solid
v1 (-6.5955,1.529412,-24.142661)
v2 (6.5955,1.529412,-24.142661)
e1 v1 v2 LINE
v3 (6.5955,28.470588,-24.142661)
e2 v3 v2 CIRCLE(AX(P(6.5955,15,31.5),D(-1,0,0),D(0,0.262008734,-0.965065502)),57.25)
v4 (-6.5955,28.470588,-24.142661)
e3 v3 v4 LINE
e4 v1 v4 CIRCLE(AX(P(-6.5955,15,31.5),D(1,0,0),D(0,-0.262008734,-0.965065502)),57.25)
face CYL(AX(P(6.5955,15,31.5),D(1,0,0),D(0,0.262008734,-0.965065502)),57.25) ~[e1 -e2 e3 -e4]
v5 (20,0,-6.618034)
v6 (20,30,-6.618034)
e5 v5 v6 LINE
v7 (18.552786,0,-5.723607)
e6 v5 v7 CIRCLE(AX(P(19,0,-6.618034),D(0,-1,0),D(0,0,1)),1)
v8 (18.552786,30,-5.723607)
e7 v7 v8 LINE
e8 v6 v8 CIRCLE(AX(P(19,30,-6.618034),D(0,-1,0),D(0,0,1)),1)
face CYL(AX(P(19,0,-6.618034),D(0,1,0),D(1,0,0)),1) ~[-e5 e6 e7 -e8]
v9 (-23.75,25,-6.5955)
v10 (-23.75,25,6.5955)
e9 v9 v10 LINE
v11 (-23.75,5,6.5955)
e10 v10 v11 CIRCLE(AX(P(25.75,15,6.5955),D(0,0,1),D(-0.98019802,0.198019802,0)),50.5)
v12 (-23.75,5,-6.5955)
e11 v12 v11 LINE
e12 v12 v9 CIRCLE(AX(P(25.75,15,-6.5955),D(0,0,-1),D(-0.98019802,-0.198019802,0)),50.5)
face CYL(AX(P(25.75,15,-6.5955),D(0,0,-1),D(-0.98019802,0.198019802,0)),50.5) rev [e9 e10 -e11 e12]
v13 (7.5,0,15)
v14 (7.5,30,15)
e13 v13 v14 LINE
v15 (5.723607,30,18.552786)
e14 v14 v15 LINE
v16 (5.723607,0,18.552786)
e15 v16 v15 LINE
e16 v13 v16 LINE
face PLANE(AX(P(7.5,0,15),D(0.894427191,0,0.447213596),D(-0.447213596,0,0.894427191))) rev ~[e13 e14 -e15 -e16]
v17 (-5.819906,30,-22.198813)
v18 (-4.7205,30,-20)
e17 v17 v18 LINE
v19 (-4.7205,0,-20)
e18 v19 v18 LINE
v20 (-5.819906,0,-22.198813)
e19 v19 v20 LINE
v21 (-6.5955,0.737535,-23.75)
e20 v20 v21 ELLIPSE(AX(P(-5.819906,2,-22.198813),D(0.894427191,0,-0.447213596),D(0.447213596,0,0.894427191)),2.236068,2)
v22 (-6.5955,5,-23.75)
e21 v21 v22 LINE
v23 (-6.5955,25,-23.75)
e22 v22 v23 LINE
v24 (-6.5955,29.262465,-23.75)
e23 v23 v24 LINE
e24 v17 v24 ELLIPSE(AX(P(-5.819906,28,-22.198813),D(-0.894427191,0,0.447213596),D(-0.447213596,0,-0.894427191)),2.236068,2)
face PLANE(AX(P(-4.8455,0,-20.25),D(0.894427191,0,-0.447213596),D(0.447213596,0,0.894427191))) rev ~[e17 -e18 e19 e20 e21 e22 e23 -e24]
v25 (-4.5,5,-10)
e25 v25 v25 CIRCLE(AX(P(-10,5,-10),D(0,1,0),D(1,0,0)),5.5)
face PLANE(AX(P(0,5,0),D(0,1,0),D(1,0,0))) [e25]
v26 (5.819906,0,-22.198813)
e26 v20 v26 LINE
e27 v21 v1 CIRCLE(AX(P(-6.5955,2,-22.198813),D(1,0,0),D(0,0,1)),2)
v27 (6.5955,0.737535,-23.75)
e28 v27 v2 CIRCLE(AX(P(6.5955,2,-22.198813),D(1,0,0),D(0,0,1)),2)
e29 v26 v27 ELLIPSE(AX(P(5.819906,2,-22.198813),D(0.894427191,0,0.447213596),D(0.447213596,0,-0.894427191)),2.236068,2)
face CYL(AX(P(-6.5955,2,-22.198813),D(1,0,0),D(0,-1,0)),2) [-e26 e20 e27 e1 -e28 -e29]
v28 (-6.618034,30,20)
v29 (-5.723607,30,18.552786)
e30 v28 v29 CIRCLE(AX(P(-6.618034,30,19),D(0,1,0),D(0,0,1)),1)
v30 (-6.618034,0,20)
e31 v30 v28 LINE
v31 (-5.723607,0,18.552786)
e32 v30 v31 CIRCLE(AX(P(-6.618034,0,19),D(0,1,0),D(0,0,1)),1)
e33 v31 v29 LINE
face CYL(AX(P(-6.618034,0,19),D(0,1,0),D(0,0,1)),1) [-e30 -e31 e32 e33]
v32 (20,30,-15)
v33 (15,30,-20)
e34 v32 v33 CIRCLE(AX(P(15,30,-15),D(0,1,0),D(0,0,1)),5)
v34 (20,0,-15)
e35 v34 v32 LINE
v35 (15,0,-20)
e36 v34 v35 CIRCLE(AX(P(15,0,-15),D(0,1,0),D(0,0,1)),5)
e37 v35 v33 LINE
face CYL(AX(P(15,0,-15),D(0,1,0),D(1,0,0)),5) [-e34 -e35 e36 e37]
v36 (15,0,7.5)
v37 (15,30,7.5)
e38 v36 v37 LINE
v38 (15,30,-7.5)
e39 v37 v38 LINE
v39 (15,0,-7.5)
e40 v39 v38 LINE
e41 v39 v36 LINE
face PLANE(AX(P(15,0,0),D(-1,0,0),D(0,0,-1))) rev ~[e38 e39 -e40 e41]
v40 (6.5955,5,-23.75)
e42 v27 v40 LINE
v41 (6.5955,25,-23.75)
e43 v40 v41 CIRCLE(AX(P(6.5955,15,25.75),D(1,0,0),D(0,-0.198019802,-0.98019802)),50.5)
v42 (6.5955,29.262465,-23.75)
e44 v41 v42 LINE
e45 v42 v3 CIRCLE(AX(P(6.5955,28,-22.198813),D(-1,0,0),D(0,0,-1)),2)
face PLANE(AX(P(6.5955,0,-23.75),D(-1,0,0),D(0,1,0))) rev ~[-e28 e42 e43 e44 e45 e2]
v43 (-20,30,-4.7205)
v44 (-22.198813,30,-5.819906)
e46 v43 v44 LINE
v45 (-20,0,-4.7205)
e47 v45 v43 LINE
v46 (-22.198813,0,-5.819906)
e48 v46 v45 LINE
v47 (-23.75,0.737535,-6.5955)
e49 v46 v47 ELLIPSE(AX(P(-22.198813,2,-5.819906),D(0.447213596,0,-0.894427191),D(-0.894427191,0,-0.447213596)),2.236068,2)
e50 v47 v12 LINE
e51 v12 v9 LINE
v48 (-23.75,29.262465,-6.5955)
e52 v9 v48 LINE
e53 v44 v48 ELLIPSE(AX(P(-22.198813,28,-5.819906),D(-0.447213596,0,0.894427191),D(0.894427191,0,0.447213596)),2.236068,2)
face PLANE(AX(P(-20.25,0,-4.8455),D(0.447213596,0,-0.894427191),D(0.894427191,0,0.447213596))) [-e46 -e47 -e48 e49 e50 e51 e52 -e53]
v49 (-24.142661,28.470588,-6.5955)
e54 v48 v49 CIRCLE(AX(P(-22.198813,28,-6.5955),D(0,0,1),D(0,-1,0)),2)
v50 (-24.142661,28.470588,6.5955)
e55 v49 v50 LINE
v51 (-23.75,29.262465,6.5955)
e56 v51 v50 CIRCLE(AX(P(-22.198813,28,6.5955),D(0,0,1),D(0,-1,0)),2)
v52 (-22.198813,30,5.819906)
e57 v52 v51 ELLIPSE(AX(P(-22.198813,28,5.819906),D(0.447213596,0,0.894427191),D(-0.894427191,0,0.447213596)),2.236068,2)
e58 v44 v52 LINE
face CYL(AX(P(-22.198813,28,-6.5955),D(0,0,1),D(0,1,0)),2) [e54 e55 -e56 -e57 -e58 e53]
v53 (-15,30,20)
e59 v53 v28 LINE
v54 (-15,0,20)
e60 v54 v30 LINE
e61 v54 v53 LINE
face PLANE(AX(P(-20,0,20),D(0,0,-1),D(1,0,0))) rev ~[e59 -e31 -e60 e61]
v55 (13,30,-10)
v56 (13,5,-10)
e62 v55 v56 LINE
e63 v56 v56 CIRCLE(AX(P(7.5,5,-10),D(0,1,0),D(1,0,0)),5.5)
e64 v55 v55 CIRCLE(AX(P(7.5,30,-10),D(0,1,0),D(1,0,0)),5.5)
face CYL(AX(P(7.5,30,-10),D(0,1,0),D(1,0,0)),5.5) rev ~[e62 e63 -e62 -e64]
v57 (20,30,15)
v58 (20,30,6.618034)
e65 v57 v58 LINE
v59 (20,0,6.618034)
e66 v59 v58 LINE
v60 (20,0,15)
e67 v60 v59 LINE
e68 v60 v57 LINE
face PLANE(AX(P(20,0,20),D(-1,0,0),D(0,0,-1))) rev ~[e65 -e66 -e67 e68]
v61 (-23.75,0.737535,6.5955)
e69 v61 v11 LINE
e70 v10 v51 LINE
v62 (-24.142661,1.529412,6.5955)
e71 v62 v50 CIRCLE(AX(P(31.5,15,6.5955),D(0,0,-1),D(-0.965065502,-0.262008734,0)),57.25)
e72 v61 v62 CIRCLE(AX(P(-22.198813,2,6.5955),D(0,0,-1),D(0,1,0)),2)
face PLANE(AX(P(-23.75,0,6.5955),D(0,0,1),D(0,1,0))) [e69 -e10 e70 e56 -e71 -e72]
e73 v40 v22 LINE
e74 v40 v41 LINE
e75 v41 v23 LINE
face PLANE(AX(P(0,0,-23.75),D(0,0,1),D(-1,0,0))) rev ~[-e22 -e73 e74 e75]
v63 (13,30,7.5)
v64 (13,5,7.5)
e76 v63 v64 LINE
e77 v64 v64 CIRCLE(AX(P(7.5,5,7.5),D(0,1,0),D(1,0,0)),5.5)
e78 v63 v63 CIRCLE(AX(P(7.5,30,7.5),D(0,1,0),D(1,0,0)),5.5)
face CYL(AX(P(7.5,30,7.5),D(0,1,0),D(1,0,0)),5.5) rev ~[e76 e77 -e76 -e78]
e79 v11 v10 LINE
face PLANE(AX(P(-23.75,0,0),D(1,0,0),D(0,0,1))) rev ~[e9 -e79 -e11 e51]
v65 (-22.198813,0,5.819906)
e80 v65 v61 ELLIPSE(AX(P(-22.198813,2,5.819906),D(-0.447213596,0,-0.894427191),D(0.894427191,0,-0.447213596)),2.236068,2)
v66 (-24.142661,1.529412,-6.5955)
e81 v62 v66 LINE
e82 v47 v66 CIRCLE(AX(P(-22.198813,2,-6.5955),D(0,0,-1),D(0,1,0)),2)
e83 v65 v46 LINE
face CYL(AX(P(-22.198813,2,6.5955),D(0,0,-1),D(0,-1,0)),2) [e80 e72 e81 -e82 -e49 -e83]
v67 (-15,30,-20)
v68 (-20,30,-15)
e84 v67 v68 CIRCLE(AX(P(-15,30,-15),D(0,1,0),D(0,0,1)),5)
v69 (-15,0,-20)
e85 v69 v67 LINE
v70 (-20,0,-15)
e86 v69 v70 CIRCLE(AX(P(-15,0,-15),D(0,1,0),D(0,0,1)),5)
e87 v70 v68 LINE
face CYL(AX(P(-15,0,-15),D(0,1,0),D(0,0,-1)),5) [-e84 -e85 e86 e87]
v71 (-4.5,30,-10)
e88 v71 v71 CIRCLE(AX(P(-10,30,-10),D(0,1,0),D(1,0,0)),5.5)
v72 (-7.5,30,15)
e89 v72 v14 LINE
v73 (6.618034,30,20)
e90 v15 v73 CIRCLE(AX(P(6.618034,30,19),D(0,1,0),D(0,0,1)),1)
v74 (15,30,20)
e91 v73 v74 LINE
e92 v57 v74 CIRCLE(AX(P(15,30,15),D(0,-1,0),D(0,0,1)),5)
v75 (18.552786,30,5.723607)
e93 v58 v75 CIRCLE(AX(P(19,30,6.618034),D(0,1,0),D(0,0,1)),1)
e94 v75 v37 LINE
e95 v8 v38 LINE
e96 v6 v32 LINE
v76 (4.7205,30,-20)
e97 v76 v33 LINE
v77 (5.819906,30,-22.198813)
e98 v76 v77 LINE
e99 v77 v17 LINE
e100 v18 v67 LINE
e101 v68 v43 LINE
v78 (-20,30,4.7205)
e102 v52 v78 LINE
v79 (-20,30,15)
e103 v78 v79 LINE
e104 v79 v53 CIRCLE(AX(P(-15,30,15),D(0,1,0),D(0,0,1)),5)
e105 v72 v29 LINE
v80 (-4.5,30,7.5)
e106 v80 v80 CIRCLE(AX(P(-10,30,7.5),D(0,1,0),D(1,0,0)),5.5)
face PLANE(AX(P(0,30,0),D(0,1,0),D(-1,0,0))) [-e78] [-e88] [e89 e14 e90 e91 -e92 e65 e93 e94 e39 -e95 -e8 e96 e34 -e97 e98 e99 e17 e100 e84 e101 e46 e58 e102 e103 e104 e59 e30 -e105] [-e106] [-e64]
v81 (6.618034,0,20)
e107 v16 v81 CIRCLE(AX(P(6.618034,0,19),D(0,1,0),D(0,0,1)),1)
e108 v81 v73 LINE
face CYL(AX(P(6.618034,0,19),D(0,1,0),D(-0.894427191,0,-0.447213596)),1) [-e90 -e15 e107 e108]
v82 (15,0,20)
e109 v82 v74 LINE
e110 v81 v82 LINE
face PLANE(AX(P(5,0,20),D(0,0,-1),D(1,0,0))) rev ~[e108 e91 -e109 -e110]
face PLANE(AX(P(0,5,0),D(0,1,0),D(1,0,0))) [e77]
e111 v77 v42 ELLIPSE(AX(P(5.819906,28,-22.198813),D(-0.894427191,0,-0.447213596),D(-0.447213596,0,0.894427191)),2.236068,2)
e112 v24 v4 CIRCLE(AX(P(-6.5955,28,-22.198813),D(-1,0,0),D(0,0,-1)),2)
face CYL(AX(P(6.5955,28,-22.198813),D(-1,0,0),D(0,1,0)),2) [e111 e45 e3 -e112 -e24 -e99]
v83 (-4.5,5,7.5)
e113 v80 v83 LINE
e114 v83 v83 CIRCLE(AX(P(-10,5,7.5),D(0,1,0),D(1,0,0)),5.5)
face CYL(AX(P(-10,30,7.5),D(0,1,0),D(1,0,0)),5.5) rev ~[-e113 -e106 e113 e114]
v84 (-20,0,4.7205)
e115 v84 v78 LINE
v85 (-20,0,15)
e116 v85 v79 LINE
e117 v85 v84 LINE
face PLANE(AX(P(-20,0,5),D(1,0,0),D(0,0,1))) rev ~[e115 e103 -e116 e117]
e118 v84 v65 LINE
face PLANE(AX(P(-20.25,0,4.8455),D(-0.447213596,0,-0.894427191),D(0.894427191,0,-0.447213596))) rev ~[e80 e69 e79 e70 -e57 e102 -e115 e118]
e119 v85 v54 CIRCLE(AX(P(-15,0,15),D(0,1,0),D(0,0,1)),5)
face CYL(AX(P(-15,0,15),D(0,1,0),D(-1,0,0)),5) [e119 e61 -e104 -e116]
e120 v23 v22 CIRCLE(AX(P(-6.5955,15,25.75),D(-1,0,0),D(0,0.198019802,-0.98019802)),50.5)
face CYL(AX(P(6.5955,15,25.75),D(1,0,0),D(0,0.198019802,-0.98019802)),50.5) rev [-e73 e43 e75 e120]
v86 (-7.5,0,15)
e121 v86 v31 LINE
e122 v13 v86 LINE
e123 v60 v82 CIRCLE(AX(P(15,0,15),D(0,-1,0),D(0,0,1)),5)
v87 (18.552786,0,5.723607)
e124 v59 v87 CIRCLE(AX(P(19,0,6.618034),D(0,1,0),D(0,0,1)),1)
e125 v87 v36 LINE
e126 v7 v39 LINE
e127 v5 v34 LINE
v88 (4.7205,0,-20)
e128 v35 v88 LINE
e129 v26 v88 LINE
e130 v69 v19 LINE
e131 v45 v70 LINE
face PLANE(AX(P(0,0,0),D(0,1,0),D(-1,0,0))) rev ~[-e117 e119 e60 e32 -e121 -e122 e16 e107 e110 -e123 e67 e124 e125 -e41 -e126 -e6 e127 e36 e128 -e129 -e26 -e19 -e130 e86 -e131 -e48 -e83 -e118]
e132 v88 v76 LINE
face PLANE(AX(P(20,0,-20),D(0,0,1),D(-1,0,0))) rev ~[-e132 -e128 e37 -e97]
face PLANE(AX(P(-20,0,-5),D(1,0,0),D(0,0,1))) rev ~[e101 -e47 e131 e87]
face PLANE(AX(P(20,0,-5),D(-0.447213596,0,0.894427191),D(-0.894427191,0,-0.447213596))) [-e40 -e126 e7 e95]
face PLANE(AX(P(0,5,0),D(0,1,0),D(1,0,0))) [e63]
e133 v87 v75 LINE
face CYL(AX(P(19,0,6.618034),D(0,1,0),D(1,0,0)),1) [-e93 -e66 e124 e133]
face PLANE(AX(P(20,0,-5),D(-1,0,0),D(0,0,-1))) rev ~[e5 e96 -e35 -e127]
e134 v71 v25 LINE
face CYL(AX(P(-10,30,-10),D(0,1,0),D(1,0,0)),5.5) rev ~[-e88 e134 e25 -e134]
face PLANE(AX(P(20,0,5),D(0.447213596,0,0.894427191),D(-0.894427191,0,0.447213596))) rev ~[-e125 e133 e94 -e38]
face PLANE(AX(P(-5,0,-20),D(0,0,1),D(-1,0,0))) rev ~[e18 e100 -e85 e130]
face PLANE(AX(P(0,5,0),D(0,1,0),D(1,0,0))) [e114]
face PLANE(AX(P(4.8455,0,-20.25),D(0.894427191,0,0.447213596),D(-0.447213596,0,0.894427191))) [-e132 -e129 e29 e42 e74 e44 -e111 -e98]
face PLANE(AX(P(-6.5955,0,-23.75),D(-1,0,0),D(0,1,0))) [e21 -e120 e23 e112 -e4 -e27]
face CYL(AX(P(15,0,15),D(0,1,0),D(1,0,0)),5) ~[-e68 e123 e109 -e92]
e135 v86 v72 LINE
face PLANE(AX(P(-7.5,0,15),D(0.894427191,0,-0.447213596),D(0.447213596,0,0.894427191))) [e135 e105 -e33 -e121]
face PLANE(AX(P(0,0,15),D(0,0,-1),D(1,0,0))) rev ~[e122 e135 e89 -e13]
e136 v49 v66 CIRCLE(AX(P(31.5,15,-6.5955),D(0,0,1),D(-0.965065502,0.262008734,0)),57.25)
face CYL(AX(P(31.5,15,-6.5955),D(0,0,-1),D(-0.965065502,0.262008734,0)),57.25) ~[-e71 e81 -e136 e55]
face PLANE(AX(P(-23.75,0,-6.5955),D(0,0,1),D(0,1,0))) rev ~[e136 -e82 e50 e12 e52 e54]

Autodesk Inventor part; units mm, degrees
ref_plane "YZ Plane" through (0, 0, 0) normal (1, 0, 0) x (0, 1, 0)
ref_plane "XZ Plane" through (0, 0, 0) normal (0, 1, 0) x (-1, 0, 0)
sketch "Sketch1" plane through (0, 0, 0) normal (0, 1, 0) x (-1, 0, 0)
  line L0 (-20, -20) -> (20, -20)
  line L1 (20, -20) -> (20, 20)
  line L2 (20, 20) -> (-20, 20)
  line L3 (-20, 20) -> (-20, -20)
  line L4 (-20, -20) -> (20, 20) construction
  line L5 (20, -20) -> (-20, 20) construction
  line L6 (20, 0) -> (25, 0)
  line L7 (25, 0) -> (25, 7.5)
  line L8 (20, 0) -> (20, 5)
  line L9 (20, 5) -> (25, 7.5)
  line L10 (25, 0) -> (25, -7.5)
  line L11 (20, 0) -> (20, -5)
  line L12 (20, -5) -> (25, -7.5)
  line L13 (0, -20) -> (5, -20)
  line L14 (0, -20) -> (-5, -20)
  line L15 (0, -20) -> (0, -25)
  line L16 (0, -25) -> (7.5, -25)
  line L17 (7.5, -25) -> (5, -20)
  line L18 (0, -25) -> (-7.5, -25)
  line L19 (-7.5, -25) -> (-5, -20)
  line L20 (-15, 0) -> (-15, -7.5)
  line L21 (-20, -5) -> (-15, -7.5)
  line L22 (-20, 0) -> (-15, 0)
  line L23 (-15, 0) -> (-15, 7.5)
  line L24 (-20, 5) -> (-15, 7.5)
  line L25 (-7.5, 15) -> (-5, 20)
  line L26 (0, 15) -> (-7.5, 15)
  line L27 (0, 20) -> (0, 15)
  line L28 (7.5, 15) -> (5, 20)
  line L29 (0, 15) -> (7.5, 15)
  line L30 (0, -24.75) -> (7.0955, -24.75)
  line L31 (7.0955, -24.75) -> (4.8455, -20.25)
  line L32 (4.8455, -20.25) -> (0, -20.25)
  line L33 (0, -24.75) -> (-7.0955, -24.75)
  line L34 (-7.0955, -24.75) -> (-4.8455, -20.25)
  line L35 (-4.8455, -20.25) -> (0, -20.25)
  line L36 (7.0955, -24.75) -> (4.7205, -20)
  line L37 (-7.0955, -24.75) -> (-4.7205, -20)
  line L38 (24.75, 0) -> (24.75, -7.0955)
  line L39 (24.75, -7.0955) -> (20.25, -4.8455)
  line L40 (20.25, -4.8455) -> (20.25, 0)
  line L41 (24.75, 0) -> (24.75, 7.0955)
  line L42 (24.75, 7.0955) -> (20.25, 4.8455)
  line L43 (20.25, 4.8455) -> (20.25, 0)
  line L44 (24.75, -7.0955) -> (20, -4.7205)
  line L45 (24.75, 7.0955) -> (20, 4.7205)
  line L46 (25, 0) -> (23.75, 0)
  line L47 (23.75, 0) -> (23.75, -6.875)
  line L48 (23.75, 0) -> (23.75, 6.875)
  line L49 (0, -25) -> (0, -23.75)
  line L50 (0, -23.75) -> (-6.875, -23.75)
  line L51 (0, -23.75) -> (6.875, -23.75)
  point P0 (0, 0)
  point P1 (-4.7205, -20)
  point P2 (4.7205, -20)
  point P3 (20, -4.7205)
  point P4 (20, 4.7205)
  point P5 (23.75, -6.5955)
  point P6 (23.75, 6.5955)
  point P7 (-6.5955, -23.75)
  point P8 (6.5955, -23.75)
  dimension "d0" = 40
  dimension "d1" = 40
  dimension "d2" = 5
  dimension "d3" = 7.5
  dimension "d4" = 5
  dimension "d5" = 7.5
  dimension "d6" = 5
  dimension "d7" = 5
  dimension "d8" = 5
  dimension "d9" = 5
  dimension "d10" = 7.5
  dimension "d11" = 7.5
  dimension "d14" = 40
  dimension "d21" = 40
  dimension "d43" = 0.25
  dimension "d44" = 0.25
  dimension "d45" = 0.25
  dimension "d46" = 0.25
  dimension "d56" = 1.25
  dimension "d57" = 1.25
extrude "Extrusion1" add sketch "Sketch1" along normal blind 30 contours L3 L21 L20 L23 L24 L2 L25 L26 L29 L28 L1 L0 | L0 L15 L35 L37 | L0 L36 L32 L15 | L35 L15 L50 L34 | L32 L31 L51 L15 | L1 L6 L40 L44 | L1 L45 L43 L6 | L40 L6 L47 L39 | L43 L42 L48 L6
sketch "Sketch2" plane through (0, 30, 0) normal (0, 1, 0) x (1, 0, 0)
  line L0 (-4.7205, 20) -> (-20, 20) projected
  line L1 (-20, 20) -> (0, 20)
  line L2 (0, 20) -> (0, 0)
  circle A0 centre (-10, 10) radius 5.5
  circle A1 centre (7.5, 10) radius 5.5
  circle A2 centre (-10, -7.5) radius 5.5
  circle A3 centre (7.5, -7.5) radius 5.5
  point P0 (-5, 20)
  dimension "d30" = 11
  dimension "d33" = 17.5
  dimension "d36" = 17.5
extrude "Extrusion2" cut sketch "Sketch2" against normal blind 25
fillet "Fillet1" radius 1 4 edges at (20, 15, -5) (20, 15, 5) (5, 15, 20) (-5, 15, 20)
fillet "Fillet2" radius 5 4 edges at (20, 15, -20) (20, 15, 20) (-20, 15, 20) (-20, 15, -20)
ref_plane "Work Plane1" through (6.5955, 0, -23.75) normal (-1, 0, 0) x (0, 1, 0)
sketch "Sketch3" plane through (6.5955, 0, -23.75) normal (-1, 0, 0) x (0, 1, 0)
  line L0 (0, -3.75) -> (30, -3.75) projected
  line L1 (15, -3.75) -> (15, 2)
  line L2 (0, 0) -> (5, 0)
  line L3 (15, 2) -> (15, -0.25)
  line L4 (15, 2) -> (15, 0.875)
  line L5 (30, -3.75) -> (30, 0) projected
  line L6 (25, 0) -> (30, 0)
  line L7 (0, 0) -> (30, 0) projected
  arc A0 (30, 0) -> (0, 0) centre (15, -55.25) ccw
  line L8 (15, 2) -> (15, 1)
  arc A1 (25, 0) -> (5, 0) centre (15, -49.5) ccw
  point P0 (0, -23.75)
  dimension "d48" = 5.75
  dimension "d55" = 5
  dimension "d60" = 1
  dimension "d61" = 5
extrude "Extrusion3" add sketch "Sketch3" along normal blind 13.191 contours L6 A1 L1 A0 | L1 A1 L2 A0
pattern_circular "Circular Pattern1" count 2 over 90 about axis through (0, 30, 0) along (0, 1, 0) of "Extrusion3"
fillet "Fillet3" radius 2 4 edges at (0, 30, -23.75) (0, 0, -23.75) (-23.75, 30, 0) (-23.75, 0, 0)
sketch "Sketch5" plane through (-6.5955, 0, -23.75) normal (-1, 0, 0) x (0, 0, 1)
  point P0 (23.75, 0)
properties part number "4x11mm_3DPrint"
